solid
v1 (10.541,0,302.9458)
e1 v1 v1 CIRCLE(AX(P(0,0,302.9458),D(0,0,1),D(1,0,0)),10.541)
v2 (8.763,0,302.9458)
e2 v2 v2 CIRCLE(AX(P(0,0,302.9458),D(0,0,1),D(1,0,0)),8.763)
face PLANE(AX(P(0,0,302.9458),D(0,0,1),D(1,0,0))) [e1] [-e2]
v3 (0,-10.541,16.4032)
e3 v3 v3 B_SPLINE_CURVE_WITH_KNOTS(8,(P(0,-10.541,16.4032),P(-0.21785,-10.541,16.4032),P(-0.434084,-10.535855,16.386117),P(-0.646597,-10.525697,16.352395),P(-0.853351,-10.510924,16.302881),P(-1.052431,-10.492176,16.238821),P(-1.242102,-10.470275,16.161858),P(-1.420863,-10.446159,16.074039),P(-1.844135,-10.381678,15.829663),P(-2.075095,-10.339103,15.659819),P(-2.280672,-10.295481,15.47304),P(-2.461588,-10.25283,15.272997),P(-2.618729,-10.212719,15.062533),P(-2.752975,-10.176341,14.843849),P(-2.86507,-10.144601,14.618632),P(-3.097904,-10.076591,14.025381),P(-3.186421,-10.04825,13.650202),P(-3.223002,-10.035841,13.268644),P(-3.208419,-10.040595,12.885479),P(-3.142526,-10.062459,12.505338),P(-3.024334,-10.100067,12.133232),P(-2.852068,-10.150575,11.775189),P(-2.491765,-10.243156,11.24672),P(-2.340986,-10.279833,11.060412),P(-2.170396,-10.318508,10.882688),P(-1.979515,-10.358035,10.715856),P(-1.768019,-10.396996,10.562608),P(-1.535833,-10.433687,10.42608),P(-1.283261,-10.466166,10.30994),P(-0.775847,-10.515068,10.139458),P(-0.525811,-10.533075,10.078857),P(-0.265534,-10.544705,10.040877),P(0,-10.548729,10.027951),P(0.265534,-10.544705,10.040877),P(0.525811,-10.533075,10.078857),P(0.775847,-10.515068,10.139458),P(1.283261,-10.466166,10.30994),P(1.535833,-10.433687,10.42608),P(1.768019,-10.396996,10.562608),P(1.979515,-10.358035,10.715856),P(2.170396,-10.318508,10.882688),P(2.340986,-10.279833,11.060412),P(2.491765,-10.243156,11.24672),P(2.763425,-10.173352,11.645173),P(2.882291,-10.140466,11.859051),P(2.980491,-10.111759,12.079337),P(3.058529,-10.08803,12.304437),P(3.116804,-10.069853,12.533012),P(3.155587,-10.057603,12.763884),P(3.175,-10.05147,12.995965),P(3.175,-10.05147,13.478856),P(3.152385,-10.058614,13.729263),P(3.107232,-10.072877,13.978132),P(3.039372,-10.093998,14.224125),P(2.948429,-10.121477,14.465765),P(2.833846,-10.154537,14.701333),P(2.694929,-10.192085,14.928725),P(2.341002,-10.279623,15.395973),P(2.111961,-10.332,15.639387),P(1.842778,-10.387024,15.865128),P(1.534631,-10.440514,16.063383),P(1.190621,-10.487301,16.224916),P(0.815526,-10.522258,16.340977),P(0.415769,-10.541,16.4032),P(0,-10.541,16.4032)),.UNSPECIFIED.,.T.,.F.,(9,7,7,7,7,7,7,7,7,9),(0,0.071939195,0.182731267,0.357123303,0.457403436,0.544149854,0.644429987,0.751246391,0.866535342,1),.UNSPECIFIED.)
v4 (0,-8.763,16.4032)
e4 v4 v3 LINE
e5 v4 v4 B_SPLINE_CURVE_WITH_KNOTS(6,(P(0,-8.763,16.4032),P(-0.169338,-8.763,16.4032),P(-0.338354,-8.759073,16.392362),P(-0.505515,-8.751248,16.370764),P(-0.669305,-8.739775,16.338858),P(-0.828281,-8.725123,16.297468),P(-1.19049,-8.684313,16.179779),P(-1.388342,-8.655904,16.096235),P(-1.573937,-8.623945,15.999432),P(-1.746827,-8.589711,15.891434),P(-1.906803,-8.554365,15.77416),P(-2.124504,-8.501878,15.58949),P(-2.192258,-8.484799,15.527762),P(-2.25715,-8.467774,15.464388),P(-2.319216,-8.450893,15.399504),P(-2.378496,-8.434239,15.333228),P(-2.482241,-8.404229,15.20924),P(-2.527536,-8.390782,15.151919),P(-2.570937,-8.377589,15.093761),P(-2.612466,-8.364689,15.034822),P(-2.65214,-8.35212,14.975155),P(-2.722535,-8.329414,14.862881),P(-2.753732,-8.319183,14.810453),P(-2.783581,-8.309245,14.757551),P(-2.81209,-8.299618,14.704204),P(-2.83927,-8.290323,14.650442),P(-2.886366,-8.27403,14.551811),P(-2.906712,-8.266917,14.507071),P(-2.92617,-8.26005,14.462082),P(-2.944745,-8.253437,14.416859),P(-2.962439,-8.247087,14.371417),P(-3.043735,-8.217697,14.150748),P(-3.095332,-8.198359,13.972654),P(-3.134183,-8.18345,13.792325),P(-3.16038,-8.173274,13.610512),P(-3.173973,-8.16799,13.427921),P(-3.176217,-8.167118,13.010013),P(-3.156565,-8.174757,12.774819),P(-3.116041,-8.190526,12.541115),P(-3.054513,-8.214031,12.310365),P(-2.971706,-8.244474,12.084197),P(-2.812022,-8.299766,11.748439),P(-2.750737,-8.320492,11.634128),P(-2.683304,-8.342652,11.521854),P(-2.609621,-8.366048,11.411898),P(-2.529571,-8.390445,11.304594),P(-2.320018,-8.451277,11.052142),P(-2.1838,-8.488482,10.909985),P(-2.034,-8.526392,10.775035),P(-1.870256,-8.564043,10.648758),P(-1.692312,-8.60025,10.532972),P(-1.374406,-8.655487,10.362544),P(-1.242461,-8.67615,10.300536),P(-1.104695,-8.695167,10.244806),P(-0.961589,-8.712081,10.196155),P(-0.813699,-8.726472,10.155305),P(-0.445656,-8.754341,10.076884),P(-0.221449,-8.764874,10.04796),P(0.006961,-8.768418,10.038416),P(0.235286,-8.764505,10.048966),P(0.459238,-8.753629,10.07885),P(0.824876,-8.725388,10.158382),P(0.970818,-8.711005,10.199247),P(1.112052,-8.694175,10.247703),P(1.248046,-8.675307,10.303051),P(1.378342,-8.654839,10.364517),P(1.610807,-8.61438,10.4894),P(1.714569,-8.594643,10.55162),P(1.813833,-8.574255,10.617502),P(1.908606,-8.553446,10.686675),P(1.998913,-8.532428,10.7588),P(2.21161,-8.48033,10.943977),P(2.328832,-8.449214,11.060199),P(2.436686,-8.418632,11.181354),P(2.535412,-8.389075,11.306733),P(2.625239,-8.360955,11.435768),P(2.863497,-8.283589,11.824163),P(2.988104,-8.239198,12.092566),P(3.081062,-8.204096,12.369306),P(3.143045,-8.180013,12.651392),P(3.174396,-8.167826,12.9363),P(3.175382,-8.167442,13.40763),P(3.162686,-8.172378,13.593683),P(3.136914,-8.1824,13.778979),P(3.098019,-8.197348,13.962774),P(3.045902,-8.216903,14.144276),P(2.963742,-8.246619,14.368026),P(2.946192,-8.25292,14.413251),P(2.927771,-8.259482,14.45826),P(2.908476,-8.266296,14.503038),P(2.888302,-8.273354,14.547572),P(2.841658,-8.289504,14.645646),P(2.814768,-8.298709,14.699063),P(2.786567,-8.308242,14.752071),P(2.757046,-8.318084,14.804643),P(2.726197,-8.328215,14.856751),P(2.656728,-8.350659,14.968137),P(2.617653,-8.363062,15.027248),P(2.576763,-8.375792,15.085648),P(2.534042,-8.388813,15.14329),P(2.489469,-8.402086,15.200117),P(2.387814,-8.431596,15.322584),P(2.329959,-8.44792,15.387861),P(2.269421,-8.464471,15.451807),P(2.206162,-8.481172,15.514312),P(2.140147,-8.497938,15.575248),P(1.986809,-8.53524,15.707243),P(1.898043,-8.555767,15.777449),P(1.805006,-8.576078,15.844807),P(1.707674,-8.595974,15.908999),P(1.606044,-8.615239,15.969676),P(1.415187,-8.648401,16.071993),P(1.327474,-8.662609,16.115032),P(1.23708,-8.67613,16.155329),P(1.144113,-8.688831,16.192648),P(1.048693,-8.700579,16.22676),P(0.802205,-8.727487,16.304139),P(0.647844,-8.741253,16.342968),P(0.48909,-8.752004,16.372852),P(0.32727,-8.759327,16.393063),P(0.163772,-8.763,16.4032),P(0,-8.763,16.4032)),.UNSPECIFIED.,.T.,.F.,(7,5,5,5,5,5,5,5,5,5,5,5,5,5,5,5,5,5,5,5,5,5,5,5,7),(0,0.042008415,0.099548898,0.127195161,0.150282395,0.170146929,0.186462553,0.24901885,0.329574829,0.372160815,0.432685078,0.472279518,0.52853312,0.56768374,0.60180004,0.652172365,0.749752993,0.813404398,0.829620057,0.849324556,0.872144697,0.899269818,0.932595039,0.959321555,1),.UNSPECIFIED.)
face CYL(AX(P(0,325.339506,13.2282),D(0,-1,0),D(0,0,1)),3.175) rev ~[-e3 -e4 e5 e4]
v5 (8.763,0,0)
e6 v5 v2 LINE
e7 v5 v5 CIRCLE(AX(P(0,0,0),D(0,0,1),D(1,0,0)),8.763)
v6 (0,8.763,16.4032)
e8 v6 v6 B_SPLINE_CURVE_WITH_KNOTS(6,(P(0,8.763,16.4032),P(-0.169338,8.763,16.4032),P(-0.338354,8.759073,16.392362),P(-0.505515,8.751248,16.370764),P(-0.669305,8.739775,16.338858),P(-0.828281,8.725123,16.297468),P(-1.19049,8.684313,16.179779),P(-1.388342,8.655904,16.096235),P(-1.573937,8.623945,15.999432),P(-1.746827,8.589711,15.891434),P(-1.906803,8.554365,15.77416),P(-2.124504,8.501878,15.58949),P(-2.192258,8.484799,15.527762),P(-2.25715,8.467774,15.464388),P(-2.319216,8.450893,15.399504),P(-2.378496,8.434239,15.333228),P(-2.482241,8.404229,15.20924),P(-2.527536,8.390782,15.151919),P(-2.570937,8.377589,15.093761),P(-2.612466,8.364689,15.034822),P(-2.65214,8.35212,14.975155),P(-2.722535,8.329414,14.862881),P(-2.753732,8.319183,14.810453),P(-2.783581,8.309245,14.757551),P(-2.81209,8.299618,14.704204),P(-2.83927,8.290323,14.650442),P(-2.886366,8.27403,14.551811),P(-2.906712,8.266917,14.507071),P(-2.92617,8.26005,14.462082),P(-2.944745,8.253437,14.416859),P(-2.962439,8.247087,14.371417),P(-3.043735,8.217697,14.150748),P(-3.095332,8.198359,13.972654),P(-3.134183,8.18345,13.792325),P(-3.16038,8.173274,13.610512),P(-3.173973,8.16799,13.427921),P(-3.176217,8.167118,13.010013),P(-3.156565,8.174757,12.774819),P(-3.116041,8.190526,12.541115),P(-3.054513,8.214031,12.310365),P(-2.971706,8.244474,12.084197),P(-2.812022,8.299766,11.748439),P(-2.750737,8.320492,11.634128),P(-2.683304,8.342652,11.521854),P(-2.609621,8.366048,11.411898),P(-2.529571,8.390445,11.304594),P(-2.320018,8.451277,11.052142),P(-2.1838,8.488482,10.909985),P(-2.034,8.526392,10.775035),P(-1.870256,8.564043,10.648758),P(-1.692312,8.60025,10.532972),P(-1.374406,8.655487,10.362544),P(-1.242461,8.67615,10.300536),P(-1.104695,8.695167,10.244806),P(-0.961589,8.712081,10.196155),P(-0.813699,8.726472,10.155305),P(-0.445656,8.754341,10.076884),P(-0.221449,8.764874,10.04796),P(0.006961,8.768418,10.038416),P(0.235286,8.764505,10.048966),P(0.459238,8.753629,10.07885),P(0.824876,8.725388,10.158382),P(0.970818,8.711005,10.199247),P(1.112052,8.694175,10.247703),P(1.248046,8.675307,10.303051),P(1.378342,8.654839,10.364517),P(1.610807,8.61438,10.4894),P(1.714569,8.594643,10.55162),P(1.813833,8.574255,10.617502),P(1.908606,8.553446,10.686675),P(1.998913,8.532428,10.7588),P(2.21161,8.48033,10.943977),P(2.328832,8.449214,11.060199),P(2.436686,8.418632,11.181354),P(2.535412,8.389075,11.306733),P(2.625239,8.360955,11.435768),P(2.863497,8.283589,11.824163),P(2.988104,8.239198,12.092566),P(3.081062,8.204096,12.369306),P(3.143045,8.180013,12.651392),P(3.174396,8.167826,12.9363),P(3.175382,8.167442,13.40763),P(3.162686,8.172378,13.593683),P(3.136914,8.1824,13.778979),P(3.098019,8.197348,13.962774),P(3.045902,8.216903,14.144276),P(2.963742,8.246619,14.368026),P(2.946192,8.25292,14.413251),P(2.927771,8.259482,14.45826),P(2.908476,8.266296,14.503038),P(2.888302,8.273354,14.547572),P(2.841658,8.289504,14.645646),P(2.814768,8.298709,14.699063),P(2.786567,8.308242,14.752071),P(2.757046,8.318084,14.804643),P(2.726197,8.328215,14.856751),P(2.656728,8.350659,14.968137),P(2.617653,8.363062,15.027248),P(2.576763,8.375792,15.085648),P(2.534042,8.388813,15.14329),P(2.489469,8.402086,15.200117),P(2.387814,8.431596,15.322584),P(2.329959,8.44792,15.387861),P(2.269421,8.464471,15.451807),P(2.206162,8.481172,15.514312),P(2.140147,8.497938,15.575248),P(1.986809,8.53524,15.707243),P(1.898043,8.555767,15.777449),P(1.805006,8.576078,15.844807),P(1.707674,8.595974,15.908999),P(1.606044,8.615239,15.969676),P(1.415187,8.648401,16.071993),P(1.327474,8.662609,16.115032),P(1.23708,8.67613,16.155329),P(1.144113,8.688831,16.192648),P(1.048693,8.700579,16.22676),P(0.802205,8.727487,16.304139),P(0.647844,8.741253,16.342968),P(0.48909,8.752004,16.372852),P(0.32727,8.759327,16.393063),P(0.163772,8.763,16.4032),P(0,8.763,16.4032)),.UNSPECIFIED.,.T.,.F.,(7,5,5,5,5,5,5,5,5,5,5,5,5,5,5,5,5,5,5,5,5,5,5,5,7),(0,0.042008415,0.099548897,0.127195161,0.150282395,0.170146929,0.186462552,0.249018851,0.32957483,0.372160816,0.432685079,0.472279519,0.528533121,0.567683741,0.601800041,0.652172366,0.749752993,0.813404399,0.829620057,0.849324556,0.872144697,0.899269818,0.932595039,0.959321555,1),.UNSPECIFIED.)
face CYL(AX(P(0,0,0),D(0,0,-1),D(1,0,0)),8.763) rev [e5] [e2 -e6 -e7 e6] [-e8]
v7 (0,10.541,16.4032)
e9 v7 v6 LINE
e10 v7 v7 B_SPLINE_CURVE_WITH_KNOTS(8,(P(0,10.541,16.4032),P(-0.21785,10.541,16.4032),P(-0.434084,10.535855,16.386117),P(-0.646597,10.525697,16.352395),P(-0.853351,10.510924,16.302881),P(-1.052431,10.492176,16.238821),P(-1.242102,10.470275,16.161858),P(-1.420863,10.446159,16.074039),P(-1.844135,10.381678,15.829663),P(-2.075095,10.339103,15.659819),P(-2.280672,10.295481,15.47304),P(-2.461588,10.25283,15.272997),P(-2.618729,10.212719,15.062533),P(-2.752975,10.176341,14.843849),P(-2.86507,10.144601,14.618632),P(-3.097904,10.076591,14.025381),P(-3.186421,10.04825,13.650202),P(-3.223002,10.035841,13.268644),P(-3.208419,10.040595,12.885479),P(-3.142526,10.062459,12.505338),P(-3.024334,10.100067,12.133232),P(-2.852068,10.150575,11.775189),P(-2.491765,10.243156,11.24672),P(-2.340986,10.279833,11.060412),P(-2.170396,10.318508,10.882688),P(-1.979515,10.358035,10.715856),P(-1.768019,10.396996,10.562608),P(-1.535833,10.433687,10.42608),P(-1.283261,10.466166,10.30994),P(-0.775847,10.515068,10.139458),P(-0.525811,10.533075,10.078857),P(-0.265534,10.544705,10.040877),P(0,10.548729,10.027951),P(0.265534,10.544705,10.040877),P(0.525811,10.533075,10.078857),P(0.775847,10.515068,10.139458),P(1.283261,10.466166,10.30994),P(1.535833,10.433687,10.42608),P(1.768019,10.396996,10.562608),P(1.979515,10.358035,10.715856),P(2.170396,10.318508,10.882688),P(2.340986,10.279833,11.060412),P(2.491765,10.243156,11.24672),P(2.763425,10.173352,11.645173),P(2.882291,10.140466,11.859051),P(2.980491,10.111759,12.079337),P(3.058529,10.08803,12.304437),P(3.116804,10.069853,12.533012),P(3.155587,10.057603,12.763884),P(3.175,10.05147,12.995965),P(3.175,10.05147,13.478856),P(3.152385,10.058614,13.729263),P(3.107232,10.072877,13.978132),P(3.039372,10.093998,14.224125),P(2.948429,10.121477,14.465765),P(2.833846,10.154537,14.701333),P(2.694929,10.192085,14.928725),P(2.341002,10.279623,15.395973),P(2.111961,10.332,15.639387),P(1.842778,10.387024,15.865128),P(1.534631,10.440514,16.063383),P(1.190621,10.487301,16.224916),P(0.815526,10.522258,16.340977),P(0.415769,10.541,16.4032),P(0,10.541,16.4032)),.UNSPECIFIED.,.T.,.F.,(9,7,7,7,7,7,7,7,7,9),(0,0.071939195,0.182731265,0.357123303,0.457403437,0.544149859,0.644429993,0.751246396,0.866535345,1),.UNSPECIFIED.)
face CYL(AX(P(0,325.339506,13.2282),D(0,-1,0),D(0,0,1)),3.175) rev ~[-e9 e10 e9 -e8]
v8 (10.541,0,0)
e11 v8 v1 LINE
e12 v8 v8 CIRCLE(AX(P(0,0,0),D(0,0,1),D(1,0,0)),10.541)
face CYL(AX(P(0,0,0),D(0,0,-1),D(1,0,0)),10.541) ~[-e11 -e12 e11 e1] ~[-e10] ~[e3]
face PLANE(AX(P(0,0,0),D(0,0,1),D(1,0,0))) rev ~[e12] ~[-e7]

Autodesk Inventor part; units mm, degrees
ref_plane "YZ Plane" through (0, 0, 0) normal (1, 0, 0) x (0, 1, 0)
ref_plane "XZ Plane" through (0, 0, 0) normal (0, 1, 0) x (-1, 0, 0)
ref_plane "XY Plane" through (0, 0, 0) normal (0, 0, 1) x (1, 0, 0)
sketch "Sketch2" plane through (0, 0, 0) normal (0, 0, 1) x (1, 0, 0)
  circle A0 centre (0, 0) radius 8.763
  circle A1 centre (0, 0) radius 10.541
  dimension "d4" = 17.526
  dimension "d5" = 1.778
extrude "Extrusion1" add sketch "Sketch2" along normal blind 302.9458
sketch "Sketch3" plane through (0, 0, 0) normal (0, 1, 0) x (-1, 0, 0)
  point P0 (0, 0)
  point P1 (0, 13.2282)
hole "Hole1" at (0, 0, 13.2282) direction (0, -1, 0) diameter 6.35 end through all both
properties part number "Slanted rod"
